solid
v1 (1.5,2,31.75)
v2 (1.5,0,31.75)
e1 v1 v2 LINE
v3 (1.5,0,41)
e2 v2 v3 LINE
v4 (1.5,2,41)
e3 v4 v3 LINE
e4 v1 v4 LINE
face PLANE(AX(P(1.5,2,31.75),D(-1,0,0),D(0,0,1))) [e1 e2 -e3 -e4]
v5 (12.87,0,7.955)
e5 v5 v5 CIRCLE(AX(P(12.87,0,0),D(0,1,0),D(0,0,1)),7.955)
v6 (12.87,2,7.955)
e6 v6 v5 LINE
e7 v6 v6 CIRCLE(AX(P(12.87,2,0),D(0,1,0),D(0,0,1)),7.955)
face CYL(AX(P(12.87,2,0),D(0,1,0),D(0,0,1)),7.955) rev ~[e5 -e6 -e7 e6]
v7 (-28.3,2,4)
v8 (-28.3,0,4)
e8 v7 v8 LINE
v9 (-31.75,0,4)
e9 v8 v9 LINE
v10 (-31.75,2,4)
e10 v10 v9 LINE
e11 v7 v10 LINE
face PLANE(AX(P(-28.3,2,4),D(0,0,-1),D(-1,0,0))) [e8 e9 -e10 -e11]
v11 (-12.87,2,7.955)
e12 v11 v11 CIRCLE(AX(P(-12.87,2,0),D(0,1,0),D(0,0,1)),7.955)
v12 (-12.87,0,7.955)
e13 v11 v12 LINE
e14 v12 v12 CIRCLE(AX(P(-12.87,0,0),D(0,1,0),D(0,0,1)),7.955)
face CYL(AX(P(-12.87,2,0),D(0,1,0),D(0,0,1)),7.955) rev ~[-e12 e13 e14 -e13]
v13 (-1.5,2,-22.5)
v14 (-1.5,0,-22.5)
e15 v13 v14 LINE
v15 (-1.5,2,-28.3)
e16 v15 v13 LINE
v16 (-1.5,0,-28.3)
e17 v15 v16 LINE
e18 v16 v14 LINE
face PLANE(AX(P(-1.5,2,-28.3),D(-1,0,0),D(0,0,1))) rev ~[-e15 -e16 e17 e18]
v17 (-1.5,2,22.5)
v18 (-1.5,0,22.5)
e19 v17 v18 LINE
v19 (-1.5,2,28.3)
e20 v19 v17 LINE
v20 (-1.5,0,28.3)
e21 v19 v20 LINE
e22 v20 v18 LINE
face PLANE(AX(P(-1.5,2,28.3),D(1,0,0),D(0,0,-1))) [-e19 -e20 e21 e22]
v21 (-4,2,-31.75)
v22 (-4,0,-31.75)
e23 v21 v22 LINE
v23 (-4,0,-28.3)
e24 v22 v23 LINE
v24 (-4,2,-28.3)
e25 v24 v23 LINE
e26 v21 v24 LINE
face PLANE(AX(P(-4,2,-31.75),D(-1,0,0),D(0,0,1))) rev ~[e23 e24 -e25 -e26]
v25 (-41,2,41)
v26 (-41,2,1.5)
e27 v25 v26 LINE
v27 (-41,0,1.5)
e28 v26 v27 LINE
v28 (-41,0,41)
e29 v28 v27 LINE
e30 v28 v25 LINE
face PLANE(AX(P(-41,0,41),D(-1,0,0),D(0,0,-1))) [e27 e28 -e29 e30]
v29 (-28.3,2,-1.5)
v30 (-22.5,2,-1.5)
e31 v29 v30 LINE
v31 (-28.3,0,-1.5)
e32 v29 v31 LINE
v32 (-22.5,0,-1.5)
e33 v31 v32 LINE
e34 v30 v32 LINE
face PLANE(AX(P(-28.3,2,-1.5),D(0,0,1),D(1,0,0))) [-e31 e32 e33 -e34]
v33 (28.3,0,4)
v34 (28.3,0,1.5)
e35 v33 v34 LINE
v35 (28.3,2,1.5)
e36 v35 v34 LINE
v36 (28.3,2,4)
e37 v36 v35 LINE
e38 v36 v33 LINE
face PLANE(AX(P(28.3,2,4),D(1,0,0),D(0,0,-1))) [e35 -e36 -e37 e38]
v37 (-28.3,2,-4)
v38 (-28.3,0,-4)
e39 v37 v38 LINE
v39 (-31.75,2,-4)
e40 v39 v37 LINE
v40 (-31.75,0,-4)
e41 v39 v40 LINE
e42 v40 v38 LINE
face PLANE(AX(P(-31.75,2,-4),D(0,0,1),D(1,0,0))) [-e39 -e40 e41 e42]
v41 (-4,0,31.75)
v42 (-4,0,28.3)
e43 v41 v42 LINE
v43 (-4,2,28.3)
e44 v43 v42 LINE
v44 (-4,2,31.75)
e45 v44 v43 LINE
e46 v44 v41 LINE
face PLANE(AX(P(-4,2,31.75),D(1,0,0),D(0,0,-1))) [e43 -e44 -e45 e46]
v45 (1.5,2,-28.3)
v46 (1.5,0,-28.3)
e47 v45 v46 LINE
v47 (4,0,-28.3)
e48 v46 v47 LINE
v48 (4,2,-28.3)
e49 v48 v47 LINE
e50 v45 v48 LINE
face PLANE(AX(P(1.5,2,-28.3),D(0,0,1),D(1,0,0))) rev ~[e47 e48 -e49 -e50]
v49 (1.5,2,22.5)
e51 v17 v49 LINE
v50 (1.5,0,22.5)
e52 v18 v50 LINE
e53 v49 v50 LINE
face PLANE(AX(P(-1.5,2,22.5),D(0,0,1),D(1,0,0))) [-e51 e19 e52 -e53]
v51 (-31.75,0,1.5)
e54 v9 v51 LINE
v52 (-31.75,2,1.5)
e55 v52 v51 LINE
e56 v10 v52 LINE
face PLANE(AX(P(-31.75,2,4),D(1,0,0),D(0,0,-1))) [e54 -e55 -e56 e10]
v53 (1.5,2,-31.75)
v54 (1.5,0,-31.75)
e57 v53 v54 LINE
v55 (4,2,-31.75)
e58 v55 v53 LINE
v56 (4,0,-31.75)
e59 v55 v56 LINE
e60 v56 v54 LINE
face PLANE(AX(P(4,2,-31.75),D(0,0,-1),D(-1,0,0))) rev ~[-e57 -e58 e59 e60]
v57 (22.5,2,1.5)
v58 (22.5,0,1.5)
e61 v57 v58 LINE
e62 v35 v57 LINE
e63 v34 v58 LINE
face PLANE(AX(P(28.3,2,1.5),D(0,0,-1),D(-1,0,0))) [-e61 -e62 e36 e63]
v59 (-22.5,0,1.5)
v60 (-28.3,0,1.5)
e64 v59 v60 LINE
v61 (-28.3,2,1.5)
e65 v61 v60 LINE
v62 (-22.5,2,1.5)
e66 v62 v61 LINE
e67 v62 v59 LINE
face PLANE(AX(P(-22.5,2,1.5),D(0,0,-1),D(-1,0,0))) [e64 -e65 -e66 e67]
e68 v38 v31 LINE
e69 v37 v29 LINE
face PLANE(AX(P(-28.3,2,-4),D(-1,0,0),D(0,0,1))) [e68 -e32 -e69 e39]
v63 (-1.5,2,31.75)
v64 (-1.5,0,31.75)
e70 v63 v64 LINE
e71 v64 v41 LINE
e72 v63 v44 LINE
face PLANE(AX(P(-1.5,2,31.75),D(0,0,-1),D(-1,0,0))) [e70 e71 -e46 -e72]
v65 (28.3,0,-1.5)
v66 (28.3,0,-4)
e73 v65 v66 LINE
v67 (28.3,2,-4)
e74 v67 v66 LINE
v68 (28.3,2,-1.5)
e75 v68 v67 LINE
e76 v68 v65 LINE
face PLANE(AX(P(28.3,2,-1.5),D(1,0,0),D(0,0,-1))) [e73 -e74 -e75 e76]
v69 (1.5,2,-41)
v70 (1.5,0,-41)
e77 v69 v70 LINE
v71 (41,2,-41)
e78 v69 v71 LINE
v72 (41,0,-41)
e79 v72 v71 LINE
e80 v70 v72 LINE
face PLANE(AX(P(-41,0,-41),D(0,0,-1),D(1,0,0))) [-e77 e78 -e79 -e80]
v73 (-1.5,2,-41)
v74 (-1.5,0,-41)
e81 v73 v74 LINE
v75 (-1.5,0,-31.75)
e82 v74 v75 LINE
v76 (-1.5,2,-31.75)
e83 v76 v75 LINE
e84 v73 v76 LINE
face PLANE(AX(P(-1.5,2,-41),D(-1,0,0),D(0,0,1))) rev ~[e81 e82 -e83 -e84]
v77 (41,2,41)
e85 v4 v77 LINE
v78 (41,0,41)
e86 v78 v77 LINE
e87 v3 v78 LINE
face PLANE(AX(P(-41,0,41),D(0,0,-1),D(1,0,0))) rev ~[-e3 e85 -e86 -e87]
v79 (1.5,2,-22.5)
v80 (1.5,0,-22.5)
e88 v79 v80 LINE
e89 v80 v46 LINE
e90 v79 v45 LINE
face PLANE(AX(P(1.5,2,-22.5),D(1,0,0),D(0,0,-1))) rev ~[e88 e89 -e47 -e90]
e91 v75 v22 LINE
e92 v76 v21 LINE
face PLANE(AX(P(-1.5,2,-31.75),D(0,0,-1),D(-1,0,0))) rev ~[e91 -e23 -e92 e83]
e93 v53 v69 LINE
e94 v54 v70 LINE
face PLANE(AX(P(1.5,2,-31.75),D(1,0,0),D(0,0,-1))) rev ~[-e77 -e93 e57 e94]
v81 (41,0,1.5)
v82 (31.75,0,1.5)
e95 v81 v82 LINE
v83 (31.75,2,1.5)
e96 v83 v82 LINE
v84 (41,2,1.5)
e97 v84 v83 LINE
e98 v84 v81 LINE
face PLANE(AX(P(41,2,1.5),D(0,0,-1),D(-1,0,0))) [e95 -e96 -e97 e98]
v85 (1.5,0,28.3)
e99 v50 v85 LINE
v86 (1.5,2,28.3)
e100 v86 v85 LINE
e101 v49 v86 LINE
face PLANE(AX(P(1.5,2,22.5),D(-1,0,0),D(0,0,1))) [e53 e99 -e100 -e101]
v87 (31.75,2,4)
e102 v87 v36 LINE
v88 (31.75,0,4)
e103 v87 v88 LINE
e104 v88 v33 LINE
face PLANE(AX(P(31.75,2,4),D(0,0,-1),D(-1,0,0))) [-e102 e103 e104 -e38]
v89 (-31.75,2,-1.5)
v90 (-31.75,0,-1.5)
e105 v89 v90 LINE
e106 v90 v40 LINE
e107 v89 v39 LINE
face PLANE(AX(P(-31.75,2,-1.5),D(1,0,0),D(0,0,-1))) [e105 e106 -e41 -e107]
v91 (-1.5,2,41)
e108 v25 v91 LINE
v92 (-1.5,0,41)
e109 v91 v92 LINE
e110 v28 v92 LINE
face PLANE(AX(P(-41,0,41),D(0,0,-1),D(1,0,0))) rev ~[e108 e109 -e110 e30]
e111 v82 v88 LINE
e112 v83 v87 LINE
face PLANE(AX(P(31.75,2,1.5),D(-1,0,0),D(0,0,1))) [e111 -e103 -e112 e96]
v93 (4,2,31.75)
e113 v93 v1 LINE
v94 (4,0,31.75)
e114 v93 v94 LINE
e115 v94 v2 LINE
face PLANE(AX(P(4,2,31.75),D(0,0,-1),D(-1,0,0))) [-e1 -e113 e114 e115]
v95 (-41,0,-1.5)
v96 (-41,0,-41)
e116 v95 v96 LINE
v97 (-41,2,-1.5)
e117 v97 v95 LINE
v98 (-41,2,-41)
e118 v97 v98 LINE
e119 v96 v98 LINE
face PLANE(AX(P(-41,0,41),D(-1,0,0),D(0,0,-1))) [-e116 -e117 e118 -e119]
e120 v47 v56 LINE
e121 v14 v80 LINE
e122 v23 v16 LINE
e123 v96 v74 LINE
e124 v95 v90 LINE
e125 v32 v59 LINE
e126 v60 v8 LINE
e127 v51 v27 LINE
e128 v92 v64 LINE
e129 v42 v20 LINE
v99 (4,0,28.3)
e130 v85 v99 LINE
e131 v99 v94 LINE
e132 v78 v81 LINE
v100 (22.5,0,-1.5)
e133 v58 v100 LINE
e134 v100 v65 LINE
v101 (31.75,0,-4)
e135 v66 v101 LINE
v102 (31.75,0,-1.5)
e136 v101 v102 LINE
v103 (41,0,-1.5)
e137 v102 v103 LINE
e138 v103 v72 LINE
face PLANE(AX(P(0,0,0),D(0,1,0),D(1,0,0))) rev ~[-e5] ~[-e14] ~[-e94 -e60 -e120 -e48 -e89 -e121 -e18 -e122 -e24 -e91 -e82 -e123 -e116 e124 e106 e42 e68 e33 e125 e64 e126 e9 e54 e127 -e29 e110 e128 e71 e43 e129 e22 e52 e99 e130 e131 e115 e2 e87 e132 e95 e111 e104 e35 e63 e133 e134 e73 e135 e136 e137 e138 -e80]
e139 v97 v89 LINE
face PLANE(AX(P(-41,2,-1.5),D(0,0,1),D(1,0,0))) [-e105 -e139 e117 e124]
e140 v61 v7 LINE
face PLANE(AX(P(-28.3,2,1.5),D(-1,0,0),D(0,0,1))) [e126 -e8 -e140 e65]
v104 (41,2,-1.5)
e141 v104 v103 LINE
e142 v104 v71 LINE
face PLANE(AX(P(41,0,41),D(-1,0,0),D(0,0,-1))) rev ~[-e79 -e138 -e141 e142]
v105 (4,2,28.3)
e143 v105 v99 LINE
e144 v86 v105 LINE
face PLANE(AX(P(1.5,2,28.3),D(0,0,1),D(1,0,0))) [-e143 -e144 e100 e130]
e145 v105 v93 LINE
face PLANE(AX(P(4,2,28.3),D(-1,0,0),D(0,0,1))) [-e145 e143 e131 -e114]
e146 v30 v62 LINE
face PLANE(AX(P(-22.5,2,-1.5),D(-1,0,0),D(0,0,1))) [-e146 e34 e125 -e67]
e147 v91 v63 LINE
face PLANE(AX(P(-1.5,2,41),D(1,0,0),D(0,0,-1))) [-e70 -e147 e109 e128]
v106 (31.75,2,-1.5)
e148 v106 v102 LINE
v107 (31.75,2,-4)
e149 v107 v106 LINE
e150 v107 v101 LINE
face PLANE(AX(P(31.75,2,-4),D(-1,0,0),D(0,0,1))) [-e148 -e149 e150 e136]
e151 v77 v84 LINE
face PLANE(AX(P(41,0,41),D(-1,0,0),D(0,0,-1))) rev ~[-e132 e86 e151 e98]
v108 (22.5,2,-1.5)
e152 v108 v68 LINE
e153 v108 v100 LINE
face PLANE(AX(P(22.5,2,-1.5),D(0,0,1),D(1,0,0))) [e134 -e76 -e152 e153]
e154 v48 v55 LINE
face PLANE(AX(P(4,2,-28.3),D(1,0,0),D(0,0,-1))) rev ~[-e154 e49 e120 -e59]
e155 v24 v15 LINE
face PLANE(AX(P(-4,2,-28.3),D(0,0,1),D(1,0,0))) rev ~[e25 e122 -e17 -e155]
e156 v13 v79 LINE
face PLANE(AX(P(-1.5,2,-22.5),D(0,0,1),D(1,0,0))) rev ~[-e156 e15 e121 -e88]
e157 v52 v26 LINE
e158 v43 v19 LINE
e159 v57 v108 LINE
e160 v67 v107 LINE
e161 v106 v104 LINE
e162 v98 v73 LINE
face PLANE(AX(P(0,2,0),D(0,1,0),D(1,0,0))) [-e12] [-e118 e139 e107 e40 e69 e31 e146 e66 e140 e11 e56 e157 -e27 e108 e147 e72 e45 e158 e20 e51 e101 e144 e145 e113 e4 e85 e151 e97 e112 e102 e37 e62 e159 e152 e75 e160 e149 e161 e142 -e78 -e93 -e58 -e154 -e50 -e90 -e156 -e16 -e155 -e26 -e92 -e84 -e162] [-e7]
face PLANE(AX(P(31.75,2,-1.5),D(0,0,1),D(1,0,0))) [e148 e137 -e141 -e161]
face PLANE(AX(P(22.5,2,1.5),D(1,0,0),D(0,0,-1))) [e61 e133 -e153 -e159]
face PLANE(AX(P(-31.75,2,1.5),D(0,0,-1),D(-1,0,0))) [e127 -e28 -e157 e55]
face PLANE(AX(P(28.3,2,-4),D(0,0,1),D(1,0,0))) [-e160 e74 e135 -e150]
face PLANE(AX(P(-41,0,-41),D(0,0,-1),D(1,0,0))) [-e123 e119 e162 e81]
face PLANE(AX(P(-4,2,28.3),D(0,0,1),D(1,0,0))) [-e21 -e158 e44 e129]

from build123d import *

# Parameters (mm, degrees)
SKETCH1_W           = 82
SKETCH1_H           = 82
BOSS_EXTRUDE1_DEPTH = 2
SKETCH2_R           = 7.955
CUT_EXTRUDE1_DEPTH  = 10
CUT_EXTRUDE4_DEPTH  = 10


with BuildPart() as part:
    # Sketch1 → Boss-Extrude1 (new body)
    with BuildSketch(Plane(origin=(0, 0, 0), x_dir=(1, 0, 0), z_dir=(0, 1, 0))):
        Rectangle(SKETCH1_W, SKETCH1_H)
    extrude(amount=BOSS_EXTRUDE1_DEPTH)

    # Sketch2 → Cut-Extrude1 (cut)
    with BuildSketch(Plane(origin=(0, 2, 0), x_dir=(1, 0, 0), z_dir=(0, 1, 0))):
        with Locations(Location((-12.87, 0, 0), (0, 0, 270))):
            Circle(SKETCH2_R)
        with Locations(Location((12.87, 0, 0), (0, 0, 270))):
            Circle(SKETCH2_R)
    extrude(amount=-CUT_EXTRUDE1_DEPTH, mode=Mode.SUBTRACT)

    # Sketch6 → Cut-Extrude4 (cut)
    with BuildSketch(Plane(origin=(0, 2, 0), x_dir=(1, 0, 0), z_dir=(0, 1, 0))):
        Polygon((-1.5, 22.5), (1.5, 22.5), (1.5, 28.3), (4, 28.3), (4, 31.75), (1.5, 31.75), (1.5, 41), (-1.5, 41), (-1.5, 31.75), (-4, 31.75), (-4, 28.3), (-1.5, 28.3), align=None)
        Polygon((28.3, 1.5), (28.3, 4), (31.75, 4), (31.75, 1.5), (41, 1.5), (41, -1.5), (31.75, -1.5), (31.75, -4), (28.3, -4), (28.3, -1.5), (22.5, -1.5), (22.5, 1.5), align=None)
        Polygon((1.5, -28.3), (4, -28.3), (4, -31.75), (1.5, -31.75), (1.5, -41), (-1.5, -41), (-1.5, -31.75), (-4, -31.75), (-4, -28.3), (-1.5, -28.3), (-1.5, -22.5), (1.5, -22.5), align=None)
        Polygon((-28.3, -1.5), (-28.3, -4), (-31.75, -4), (-31.75, -1.5), (-41, -1.5), (-41, 1.5), (-31.75, 1.5), (-31.75, 4), (-28.3, 4), (-28.3, 1.5), (-22.5, 1.5), (-22.5, -1.5), align=None)
    extrude(amount=-CUT_EXTRUDE4_DEPTH, mode=Mode.SUBTRACT)


solid = part.part
